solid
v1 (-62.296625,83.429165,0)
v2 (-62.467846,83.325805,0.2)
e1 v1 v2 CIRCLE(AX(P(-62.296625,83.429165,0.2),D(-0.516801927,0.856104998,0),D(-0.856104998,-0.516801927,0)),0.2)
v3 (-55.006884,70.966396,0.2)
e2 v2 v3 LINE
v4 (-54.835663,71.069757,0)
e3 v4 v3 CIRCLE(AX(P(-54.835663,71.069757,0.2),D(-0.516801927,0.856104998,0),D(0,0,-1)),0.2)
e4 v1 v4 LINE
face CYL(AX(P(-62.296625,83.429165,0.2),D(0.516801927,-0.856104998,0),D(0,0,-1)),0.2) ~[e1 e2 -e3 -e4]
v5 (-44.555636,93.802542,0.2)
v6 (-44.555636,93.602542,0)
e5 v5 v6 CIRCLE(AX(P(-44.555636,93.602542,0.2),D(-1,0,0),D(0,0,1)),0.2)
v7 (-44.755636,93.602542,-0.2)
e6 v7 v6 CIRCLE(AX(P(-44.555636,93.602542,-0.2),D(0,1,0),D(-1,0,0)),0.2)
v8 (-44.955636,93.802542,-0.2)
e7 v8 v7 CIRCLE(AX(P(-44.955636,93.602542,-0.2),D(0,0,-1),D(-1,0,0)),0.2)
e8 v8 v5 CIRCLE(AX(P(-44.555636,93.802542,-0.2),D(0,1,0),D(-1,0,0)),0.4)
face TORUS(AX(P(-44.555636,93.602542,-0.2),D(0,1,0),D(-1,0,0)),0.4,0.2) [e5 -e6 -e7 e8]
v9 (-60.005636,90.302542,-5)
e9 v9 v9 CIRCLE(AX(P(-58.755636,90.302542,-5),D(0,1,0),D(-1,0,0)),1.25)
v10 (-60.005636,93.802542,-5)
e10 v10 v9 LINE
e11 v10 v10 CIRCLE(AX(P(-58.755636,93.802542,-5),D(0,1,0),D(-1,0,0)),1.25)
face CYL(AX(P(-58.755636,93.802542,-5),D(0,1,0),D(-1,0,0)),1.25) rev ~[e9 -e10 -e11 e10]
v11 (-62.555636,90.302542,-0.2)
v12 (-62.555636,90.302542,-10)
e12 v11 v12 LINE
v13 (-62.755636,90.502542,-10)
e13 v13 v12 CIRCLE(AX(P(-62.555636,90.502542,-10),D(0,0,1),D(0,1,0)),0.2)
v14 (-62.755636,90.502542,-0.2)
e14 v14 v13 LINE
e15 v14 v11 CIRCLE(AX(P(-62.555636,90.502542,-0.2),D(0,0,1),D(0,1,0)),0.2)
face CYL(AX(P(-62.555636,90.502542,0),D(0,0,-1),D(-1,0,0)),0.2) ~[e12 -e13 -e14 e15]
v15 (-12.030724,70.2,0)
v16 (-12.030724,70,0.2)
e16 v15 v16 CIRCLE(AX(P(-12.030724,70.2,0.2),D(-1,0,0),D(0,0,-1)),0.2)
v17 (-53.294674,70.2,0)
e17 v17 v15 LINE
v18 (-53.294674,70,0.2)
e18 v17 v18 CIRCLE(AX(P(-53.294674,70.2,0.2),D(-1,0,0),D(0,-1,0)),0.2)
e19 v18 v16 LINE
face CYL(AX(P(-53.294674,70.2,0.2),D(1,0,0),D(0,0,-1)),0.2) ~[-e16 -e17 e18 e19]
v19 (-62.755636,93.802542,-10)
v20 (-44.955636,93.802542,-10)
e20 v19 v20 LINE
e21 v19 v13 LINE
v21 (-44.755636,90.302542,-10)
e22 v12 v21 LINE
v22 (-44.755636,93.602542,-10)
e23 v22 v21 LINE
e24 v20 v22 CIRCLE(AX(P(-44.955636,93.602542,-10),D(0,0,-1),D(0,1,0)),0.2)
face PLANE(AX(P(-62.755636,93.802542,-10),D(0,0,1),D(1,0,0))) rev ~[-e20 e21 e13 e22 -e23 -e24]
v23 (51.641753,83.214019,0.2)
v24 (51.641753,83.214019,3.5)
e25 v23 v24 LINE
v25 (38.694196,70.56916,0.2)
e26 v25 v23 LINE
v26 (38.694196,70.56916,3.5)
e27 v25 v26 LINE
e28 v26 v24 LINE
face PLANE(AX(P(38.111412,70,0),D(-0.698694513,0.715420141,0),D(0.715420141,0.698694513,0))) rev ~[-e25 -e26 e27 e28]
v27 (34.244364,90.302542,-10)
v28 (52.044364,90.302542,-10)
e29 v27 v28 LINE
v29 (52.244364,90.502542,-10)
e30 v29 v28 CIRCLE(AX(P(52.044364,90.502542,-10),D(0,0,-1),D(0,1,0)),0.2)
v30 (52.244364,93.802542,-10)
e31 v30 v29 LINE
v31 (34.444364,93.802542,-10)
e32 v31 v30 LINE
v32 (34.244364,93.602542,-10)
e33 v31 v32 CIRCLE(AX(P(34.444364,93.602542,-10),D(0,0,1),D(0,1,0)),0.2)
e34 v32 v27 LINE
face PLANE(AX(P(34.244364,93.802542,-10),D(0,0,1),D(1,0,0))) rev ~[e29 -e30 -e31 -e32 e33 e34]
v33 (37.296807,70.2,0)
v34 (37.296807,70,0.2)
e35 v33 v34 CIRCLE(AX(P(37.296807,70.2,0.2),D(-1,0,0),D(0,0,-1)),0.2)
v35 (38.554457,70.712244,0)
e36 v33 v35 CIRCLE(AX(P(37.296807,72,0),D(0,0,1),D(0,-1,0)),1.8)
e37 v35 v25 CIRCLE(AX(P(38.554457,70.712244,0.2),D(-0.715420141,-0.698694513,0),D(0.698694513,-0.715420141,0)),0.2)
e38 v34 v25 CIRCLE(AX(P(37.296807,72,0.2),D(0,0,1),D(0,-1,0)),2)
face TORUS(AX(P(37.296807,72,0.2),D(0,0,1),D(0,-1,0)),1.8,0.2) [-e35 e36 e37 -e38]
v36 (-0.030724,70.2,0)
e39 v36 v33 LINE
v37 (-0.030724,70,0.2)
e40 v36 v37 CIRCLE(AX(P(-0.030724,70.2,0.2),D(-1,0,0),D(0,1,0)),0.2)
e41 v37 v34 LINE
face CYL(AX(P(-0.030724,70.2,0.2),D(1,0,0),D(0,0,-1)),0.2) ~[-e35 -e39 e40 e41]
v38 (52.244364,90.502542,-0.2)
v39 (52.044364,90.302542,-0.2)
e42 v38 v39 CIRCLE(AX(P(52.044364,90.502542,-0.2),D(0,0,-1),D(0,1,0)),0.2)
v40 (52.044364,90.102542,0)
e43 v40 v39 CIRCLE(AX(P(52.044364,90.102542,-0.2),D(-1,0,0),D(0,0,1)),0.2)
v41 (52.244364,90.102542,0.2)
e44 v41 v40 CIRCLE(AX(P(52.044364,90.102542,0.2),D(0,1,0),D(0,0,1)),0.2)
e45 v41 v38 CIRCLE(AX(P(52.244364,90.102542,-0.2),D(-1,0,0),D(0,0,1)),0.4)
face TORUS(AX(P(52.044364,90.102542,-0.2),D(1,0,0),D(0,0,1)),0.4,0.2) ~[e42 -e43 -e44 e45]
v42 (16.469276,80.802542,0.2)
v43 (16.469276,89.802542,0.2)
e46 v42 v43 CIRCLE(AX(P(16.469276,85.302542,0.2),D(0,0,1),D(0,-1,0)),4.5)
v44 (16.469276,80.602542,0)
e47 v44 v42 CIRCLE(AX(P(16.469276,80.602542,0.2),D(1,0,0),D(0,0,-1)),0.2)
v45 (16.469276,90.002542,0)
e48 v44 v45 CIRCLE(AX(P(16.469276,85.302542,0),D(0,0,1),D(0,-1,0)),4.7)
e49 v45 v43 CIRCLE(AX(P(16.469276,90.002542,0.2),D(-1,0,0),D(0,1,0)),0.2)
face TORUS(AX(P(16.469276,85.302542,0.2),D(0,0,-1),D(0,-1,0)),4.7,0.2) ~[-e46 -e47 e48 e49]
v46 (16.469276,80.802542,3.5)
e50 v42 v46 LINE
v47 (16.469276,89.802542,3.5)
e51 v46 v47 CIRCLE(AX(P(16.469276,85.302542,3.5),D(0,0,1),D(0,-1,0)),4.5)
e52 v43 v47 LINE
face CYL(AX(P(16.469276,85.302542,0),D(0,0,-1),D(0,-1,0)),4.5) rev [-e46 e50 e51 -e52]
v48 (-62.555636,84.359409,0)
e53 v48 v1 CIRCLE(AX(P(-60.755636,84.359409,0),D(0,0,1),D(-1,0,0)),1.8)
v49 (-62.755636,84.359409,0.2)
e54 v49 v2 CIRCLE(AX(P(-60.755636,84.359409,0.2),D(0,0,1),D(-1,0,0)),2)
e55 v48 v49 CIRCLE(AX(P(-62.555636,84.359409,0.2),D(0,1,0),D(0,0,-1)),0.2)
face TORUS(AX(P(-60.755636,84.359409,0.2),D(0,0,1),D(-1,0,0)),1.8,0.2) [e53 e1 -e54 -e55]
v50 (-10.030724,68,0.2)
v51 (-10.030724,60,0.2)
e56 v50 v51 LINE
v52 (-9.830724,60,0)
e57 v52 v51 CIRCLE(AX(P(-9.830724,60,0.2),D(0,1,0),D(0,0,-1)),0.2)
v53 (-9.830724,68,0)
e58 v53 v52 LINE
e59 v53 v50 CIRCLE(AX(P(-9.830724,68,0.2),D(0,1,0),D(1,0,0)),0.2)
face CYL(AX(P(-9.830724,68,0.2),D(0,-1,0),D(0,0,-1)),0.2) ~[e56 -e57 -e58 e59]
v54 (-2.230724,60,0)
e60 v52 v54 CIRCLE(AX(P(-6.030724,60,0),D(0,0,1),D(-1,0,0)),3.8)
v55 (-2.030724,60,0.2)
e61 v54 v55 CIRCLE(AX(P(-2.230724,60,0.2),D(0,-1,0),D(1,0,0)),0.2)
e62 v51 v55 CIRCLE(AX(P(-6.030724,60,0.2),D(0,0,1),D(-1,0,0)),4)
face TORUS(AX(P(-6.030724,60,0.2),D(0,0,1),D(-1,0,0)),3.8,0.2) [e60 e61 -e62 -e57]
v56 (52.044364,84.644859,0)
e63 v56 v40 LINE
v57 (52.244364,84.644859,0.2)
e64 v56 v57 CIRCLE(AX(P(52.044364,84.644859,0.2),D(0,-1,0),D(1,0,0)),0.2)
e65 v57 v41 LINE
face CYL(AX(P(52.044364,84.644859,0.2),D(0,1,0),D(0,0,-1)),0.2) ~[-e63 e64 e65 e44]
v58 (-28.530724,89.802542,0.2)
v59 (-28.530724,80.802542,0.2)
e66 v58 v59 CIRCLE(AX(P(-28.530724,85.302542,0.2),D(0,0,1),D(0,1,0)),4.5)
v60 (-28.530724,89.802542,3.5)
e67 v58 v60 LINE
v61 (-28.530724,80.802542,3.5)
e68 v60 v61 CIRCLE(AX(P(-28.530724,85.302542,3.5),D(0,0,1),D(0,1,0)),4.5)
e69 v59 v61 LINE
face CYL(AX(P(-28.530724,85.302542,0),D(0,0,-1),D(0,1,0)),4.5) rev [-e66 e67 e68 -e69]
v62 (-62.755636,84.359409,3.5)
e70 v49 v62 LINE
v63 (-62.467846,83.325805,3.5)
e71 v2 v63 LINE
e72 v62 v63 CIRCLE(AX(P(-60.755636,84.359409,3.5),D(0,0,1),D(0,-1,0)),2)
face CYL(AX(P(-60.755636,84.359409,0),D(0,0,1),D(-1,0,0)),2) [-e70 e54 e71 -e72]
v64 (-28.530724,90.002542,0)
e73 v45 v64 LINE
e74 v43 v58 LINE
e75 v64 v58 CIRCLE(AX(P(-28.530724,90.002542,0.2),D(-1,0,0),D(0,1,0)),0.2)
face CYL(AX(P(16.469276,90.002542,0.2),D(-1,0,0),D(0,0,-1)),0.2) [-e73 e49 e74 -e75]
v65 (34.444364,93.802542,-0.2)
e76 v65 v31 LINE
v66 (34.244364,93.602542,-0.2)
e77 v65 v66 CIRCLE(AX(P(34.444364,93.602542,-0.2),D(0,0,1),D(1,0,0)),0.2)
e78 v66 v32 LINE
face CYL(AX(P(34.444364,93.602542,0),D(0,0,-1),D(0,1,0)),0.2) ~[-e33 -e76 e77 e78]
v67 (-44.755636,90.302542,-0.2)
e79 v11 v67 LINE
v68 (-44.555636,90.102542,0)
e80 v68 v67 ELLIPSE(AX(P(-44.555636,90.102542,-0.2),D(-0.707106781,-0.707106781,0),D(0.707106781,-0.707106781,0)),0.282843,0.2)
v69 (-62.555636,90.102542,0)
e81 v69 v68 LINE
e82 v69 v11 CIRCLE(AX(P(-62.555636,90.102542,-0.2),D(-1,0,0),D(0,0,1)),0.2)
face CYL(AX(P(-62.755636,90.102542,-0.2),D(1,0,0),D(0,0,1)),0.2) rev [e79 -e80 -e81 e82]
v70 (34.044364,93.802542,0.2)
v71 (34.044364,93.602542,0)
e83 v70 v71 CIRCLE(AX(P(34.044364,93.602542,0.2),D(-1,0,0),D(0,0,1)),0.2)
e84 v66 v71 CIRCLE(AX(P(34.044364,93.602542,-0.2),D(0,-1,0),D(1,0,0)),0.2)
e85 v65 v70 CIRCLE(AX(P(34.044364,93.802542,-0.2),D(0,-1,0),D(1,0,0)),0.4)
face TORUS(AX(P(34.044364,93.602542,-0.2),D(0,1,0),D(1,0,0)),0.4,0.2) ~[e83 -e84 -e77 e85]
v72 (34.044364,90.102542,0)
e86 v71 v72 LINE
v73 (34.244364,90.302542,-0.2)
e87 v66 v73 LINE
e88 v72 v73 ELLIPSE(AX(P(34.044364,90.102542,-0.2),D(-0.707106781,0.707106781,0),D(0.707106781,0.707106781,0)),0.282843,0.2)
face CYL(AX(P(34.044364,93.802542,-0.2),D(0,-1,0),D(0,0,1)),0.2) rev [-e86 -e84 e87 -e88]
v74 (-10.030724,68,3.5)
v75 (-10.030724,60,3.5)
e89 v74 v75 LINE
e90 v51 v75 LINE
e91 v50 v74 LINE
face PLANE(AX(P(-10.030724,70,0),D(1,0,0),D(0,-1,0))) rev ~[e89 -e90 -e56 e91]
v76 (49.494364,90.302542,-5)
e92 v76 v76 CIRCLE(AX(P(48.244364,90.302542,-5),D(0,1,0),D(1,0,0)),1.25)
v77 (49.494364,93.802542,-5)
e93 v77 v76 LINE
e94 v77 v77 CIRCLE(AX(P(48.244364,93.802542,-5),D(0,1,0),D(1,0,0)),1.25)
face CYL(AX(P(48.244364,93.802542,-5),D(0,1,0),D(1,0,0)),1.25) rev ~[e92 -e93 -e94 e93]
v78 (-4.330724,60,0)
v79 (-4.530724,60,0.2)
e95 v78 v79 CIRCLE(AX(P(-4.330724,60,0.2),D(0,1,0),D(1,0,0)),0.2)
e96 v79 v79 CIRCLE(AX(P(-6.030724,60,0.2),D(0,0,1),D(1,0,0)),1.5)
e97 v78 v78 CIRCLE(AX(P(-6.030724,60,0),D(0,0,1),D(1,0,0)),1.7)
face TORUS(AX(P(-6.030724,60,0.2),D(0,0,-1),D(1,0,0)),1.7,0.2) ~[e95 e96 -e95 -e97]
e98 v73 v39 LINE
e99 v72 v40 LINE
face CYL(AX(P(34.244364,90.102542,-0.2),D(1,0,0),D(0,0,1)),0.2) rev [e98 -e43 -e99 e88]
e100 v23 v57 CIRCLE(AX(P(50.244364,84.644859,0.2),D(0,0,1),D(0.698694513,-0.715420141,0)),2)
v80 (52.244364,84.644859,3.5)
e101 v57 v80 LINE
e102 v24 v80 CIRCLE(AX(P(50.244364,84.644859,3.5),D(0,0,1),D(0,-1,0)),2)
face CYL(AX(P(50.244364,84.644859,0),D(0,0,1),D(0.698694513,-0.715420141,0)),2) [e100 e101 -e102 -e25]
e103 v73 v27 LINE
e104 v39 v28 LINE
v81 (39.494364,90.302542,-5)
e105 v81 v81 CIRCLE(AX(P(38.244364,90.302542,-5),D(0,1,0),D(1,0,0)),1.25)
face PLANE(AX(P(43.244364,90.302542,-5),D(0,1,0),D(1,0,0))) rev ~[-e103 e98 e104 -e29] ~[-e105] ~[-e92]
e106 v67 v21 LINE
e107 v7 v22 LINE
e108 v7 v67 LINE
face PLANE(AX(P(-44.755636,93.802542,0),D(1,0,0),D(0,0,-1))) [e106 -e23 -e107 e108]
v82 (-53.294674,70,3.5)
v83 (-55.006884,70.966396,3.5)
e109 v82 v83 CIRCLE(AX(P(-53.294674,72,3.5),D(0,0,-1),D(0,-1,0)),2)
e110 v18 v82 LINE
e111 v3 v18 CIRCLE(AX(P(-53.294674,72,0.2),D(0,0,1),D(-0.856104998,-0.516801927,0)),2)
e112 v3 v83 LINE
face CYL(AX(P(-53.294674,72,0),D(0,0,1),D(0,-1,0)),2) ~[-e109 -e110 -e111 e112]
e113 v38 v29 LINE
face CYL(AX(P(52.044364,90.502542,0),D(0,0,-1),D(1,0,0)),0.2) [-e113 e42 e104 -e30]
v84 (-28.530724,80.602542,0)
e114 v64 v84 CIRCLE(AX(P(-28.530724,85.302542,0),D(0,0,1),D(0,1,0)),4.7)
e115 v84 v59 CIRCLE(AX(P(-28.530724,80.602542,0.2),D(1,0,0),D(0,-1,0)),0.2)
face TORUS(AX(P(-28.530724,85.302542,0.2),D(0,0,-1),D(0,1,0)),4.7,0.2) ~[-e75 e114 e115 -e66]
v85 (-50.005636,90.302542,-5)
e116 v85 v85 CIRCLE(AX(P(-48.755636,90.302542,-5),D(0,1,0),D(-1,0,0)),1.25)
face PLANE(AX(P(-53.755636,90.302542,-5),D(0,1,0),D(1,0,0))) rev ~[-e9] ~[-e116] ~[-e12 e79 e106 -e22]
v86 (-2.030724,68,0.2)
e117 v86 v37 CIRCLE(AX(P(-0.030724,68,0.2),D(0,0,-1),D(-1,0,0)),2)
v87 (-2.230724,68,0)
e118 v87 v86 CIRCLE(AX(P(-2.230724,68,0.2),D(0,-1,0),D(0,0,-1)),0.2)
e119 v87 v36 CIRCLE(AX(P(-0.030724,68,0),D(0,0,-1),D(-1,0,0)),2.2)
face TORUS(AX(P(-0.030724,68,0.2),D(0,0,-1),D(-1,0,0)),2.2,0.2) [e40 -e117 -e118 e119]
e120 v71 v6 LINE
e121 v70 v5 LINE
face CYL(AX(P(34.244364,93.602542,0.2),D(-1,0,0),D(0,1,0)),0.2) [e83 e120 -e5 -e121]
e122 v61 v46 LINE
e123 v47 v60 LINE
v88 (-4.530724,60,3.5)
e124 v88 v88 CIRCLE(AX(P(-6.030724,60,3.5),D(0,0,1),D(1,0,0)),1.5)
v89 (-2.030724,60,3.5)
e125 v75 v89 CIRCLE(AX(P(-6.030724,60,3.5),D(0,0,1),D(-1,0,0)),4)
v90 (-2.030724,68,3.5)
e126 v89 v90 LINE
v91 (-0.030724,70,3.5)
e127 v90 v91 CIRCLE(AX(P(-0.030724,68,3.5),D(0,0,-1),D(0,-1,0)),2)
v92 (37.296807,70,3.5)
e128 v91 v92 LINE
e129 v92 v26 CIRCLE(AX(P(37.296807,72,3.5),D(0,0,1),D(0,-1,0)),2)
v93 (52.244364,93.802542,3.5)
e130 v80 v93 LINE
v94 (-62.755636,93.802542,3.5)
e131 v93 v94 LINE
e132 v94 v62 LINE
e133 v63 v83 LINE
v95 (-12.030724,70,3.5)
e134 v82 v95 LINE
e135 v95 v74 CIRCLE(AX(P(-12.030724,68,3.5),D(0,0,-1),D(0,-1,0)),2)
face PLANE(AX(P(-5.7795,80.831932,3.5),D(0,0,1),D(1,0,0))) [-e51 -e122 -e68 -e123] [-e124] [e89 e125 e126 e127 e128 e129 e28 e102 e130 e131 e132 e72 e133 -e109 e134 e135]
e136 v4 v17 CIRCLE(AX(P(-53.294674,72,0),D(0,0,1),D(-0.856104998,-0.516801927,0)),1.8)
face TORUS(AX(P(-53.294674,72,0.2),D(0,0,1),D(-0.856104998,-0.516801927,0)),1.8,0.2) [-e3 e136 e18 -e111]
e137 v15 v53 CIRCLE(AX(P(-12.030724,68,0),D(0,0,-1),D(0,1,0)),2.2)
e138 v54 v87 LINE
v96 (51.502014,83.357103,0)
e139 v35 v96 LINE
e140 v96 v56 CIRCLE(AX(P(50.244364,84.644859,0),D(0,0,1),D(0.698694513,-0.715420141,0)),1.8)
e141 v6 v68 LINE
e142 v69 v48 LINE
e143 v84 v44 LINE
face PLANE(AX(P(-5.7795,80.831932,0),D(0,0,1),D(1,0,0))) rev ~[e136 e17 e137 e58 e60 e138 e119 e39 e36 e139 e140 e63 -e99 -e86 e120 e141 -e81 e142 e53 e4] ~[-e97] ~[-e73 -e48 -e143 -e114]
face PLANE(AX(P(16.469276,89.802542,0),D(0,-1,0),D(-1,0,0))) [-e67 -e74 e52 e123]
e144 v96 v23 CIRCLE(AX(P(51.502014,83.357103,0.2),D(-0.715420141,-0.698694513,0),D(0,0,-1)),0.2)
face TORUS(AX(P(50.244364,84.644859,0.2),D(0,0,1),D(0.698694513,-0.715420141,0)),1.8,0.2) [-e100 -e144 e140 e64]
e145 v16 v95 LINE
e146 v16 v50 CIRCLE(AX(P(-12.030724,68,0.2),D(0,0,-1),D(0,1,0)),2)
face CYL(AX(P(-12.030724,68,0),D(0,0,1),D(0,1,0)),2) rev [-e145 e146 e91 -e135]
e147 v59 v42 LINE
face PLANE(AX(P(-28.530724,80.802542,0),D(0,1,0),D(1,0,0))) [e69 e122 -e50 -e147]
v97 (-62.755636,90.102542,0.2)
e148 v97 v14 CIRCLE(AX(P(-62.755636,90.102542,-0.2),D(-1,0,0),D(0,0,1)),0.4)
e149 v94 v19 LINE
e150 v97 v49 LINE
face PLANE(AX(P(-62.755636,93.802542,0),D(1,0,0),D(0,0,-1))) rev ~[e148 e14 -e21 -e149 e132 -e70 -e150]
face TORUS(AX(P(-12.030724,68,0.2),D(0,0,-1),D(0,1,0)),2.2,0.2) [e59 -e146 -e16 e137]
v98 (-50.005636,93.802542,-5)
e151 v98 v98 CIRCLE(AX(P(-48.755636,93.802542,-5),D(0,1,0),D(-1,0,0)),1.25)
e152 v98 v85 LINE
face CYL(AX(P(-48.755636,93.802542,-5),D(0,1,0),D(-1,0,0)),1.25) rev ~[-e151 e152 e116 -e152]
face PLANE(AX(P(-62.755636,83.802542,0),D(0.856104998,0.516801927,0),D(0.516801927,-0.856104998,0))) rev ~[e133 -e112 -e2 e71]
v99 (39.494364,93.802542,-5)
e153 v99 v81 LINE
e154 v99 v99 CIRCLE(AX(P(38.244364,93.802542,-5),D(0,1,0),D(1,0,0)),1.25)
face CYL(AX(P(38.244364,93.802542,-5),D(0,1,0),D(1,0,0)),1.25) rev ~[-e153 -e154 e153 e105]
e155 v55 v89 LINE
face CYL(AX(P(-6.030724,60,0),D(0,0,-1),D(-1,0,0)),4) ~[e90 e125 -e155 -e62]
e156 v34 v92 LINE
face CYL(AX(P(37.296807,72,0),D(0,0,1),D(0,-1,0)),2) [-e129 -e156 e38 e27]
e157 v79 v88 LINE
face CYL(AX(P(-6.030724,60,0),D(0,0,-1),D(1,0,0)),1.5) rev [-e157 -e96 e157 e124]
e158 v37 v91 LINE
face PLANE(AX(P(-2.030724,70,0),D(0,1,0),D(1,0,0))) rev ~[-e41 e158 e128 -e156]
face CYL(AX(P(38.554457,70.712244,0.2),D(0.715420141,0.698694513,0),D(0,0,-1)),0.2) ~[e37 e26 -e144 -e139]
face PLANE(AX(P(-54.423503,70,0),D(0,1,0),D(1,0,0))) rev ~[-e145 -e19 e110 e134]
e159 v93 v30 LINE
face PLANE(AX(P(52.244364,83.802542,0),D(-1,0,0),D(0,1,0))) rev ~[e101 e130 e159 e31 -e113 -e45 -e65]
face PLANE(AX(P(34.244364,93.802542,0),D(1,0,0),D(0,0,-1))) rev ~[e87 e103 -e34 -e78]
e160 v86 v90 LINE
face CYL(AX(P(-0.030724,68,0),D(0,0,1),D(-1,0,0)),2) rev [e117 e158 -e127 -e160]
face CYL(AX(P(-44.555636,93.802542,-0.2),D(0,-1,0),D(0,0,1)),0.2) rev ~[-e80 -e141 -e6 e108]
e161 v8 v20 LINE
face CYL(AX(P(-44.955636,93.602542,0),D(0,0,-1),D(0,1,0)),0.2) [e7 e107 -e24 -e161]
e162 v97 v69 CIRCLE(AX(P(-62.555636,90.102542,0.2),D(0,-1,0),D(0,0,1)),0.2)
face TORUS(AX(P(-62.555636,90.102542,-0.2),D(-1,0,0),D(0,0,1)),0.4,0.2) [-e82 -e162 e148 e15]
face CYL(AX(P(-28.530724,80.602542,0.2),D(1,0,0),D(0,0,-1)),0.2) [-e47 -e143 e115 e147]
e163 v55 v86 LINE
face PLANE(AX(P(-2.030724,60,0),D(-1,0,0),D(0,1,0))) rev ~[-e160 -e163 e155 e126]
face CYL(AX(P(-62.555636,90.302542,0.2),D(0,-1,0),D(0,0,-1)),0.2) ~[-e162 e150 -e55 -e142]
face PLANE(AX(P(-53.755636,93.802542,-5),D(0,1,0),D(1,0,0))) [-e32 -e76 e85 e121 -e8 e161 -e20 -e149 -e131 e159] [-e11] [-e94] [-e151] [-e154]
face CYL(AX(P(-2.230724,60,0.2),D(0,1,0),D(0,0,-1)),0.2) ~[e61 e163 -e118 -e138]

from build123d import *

# Parameters (mm, degrees)
SKETCH5_R           = 1.5
BOSS_EXTRUDE1_DEPTH = 3.5
SKETCH6_W           = 18
SKETCH6_H           = 10
SKETCH6_R           = 1.25
BOSS_EXTRUDE2_DEPTH = 3.5
FILLET1_R           = 2
FILLET2_R           = 0.2


with BuildPart() as part:
    # Sketch5 → Boss-Extrude1 (new body)
    with BuildSketch(Plane.XY):
        with BuildLine():
            Line((52.244364221, 93.802541786), (-62.755635779, 93.802541786))
            Line((-62.755635779, 93.802541786), (-62.755635779, 83.802541786))
            Line((-62.755635779, 83.802541786), (-54.423503372, 70))
            Line((-54.423503372, 70), (-10.03072393, 70))
            Line((-10.03072393, 70), (-10.03072393, 60))
            ThreePointArc((-10.03072393, 60), (-6.03072393, 56), (-2.03072393, 60))
            Line((-2.03072393, 60), (-2.03072393, 70))
            Line((-2.03072393, 70), (38.111411694, 70))
            Line((38.111411694, 70), (52.244364221, 83.802541786))
            Line((52.244364221, 83.802541786), (52.244364221, 93.802541786))
        make_face()
        with Locations((-6.03072393, 60)):
            Circle(SKETCH5_R, mode=Mode.SUBTRACT)
        with BuildLine():
            Line((16.46927607, 89.802541786), (-28.53072393, 89.802541786))
            ThreePointArc((-28.53072393, 89.802541786), (-33.03072393, 85.302541786), (-28.53072393, 80.802541786))
            Line((-28.53072393, 80.802541786), (16.46927607, 80.802541786))
            ThreePointArc((16.46927607, 80.802541786), (20.96927607, 85.302541786), (16.46927607, 89.802541786))
        make_face(mode=Mode.SUBTRACT)
    extrude(amount=BOSS_EXTRUDE1_DEPTH)

    # Sketch6 → Boss-Extrude2 (add)
    # profile 1 of 2: a face of its own
    with BuildSketch(Plane(origin=(0, 93.802541786, 0), x_dir=(1, 0, 0), z_dir=(0, 1, 0))):
        with Locations((-53.755635779, 5)):
            Rectangle(SKETCH6_W, SKETCH6_H)
        with Locations(Location((-58.755635779, 5, 0), (0, 0, 180))):
            Circle(SKETCH6_R, mode=Mode.SUBTRACT)
        with Locations(Location((-48.755635779, 5, 0), (0, 0, 180))):
            Circle(SKETCH6_R, mode=Mode.SUBTRACT)
    # profile 2 of 2: a face of its own
    with BuildSketch(Plane(origin=(0, 93.802541786, 0), x_dir=(1, 0, 0), z_dir=(0, 1, 0))):
        with Locations((43.244364221, 5)):
            Rectangle(SKETCH6_W, SKETCH6_H)
        with Locations((38.244364221, 5)):
            Circle(SKETCH6_R, mode=Mode.SUBTRACT)
        with Locations((48.244364221, 5)):
            Circle(SKETCH6_R, mode=Mode.SUBTRACT)
    extrude(amount=-BOSS_EXTRUDE2_DEPTH)

    # Fillet1
    fillet1_edges = [part.edges().sort_by_distance(p)[0] for p in [
        (52.244364221, 83.802541786, 1.75),
        (38.111411694, 70, 1.75),
        (-2.03072393, 70, 1.75),
        (-10.03072393, 70, 1.75),
        (-54.423503372, 70, 1.75),
        (-62.755635779, 83.802541786, 1.75),
    ]]
    fillet(fillet1_edges, radius=FILLET1_R)

    # Fillet2
    fillet2_edges = [part.edges().sort_by_distance(p)[0] for p in [
        (-2.03072393, 64, 0),
        (-6.03072393, 56, 0),
        (-7.53072393, 60, 0),
        (-33.03072393, 85.302541786, 0),
        (-6.03072393, 80.802541786, 0),
        (20.96927607, 85.302541786, 0),
        (-6.03072393, 89.802541786, 0),
        (-62.755635779, 87.330975349, 0),
        (-62.755635779, 90.302541786, -5),
        (-53.755635779, 90.302541786, 0),
        (-44.755635779, 92.052541786, 0),
        (-44.755635779, 93.802541786, -5),
        (-5.255635779, 93.802541786, 0),
        (52.244364221, 90.302541786, -5),
        (43.244364221, 90.302541786, 0),
        (34.244364221, 92.052541786, 0),
        (34.244364221, 93.802541786, -5),
        (-10.03072393, 64, 0),
        (-32.662699153, 70, 0),
        (18.633041615, 70, 0),
        (52.244364221, 87.473700585, 0),
        (45.167974716, 76.891589411, 0),
        (-58.737365074, 77.146100601, 0),
        (-62.682345408, 83.822948285, 0),
        (-54.277728874, 70.258275609, 0),
        (38.051233908, 70.147747242, 0),
        (52.087564977, 83.868579168, 0),
        (-10.616510367, 69.414213562, 0),
        (-1.444937492, 69.414213562, 0),
    ]]
    fillet(fillet2_edges, radius=FILLET2_R)


solid = part.part
